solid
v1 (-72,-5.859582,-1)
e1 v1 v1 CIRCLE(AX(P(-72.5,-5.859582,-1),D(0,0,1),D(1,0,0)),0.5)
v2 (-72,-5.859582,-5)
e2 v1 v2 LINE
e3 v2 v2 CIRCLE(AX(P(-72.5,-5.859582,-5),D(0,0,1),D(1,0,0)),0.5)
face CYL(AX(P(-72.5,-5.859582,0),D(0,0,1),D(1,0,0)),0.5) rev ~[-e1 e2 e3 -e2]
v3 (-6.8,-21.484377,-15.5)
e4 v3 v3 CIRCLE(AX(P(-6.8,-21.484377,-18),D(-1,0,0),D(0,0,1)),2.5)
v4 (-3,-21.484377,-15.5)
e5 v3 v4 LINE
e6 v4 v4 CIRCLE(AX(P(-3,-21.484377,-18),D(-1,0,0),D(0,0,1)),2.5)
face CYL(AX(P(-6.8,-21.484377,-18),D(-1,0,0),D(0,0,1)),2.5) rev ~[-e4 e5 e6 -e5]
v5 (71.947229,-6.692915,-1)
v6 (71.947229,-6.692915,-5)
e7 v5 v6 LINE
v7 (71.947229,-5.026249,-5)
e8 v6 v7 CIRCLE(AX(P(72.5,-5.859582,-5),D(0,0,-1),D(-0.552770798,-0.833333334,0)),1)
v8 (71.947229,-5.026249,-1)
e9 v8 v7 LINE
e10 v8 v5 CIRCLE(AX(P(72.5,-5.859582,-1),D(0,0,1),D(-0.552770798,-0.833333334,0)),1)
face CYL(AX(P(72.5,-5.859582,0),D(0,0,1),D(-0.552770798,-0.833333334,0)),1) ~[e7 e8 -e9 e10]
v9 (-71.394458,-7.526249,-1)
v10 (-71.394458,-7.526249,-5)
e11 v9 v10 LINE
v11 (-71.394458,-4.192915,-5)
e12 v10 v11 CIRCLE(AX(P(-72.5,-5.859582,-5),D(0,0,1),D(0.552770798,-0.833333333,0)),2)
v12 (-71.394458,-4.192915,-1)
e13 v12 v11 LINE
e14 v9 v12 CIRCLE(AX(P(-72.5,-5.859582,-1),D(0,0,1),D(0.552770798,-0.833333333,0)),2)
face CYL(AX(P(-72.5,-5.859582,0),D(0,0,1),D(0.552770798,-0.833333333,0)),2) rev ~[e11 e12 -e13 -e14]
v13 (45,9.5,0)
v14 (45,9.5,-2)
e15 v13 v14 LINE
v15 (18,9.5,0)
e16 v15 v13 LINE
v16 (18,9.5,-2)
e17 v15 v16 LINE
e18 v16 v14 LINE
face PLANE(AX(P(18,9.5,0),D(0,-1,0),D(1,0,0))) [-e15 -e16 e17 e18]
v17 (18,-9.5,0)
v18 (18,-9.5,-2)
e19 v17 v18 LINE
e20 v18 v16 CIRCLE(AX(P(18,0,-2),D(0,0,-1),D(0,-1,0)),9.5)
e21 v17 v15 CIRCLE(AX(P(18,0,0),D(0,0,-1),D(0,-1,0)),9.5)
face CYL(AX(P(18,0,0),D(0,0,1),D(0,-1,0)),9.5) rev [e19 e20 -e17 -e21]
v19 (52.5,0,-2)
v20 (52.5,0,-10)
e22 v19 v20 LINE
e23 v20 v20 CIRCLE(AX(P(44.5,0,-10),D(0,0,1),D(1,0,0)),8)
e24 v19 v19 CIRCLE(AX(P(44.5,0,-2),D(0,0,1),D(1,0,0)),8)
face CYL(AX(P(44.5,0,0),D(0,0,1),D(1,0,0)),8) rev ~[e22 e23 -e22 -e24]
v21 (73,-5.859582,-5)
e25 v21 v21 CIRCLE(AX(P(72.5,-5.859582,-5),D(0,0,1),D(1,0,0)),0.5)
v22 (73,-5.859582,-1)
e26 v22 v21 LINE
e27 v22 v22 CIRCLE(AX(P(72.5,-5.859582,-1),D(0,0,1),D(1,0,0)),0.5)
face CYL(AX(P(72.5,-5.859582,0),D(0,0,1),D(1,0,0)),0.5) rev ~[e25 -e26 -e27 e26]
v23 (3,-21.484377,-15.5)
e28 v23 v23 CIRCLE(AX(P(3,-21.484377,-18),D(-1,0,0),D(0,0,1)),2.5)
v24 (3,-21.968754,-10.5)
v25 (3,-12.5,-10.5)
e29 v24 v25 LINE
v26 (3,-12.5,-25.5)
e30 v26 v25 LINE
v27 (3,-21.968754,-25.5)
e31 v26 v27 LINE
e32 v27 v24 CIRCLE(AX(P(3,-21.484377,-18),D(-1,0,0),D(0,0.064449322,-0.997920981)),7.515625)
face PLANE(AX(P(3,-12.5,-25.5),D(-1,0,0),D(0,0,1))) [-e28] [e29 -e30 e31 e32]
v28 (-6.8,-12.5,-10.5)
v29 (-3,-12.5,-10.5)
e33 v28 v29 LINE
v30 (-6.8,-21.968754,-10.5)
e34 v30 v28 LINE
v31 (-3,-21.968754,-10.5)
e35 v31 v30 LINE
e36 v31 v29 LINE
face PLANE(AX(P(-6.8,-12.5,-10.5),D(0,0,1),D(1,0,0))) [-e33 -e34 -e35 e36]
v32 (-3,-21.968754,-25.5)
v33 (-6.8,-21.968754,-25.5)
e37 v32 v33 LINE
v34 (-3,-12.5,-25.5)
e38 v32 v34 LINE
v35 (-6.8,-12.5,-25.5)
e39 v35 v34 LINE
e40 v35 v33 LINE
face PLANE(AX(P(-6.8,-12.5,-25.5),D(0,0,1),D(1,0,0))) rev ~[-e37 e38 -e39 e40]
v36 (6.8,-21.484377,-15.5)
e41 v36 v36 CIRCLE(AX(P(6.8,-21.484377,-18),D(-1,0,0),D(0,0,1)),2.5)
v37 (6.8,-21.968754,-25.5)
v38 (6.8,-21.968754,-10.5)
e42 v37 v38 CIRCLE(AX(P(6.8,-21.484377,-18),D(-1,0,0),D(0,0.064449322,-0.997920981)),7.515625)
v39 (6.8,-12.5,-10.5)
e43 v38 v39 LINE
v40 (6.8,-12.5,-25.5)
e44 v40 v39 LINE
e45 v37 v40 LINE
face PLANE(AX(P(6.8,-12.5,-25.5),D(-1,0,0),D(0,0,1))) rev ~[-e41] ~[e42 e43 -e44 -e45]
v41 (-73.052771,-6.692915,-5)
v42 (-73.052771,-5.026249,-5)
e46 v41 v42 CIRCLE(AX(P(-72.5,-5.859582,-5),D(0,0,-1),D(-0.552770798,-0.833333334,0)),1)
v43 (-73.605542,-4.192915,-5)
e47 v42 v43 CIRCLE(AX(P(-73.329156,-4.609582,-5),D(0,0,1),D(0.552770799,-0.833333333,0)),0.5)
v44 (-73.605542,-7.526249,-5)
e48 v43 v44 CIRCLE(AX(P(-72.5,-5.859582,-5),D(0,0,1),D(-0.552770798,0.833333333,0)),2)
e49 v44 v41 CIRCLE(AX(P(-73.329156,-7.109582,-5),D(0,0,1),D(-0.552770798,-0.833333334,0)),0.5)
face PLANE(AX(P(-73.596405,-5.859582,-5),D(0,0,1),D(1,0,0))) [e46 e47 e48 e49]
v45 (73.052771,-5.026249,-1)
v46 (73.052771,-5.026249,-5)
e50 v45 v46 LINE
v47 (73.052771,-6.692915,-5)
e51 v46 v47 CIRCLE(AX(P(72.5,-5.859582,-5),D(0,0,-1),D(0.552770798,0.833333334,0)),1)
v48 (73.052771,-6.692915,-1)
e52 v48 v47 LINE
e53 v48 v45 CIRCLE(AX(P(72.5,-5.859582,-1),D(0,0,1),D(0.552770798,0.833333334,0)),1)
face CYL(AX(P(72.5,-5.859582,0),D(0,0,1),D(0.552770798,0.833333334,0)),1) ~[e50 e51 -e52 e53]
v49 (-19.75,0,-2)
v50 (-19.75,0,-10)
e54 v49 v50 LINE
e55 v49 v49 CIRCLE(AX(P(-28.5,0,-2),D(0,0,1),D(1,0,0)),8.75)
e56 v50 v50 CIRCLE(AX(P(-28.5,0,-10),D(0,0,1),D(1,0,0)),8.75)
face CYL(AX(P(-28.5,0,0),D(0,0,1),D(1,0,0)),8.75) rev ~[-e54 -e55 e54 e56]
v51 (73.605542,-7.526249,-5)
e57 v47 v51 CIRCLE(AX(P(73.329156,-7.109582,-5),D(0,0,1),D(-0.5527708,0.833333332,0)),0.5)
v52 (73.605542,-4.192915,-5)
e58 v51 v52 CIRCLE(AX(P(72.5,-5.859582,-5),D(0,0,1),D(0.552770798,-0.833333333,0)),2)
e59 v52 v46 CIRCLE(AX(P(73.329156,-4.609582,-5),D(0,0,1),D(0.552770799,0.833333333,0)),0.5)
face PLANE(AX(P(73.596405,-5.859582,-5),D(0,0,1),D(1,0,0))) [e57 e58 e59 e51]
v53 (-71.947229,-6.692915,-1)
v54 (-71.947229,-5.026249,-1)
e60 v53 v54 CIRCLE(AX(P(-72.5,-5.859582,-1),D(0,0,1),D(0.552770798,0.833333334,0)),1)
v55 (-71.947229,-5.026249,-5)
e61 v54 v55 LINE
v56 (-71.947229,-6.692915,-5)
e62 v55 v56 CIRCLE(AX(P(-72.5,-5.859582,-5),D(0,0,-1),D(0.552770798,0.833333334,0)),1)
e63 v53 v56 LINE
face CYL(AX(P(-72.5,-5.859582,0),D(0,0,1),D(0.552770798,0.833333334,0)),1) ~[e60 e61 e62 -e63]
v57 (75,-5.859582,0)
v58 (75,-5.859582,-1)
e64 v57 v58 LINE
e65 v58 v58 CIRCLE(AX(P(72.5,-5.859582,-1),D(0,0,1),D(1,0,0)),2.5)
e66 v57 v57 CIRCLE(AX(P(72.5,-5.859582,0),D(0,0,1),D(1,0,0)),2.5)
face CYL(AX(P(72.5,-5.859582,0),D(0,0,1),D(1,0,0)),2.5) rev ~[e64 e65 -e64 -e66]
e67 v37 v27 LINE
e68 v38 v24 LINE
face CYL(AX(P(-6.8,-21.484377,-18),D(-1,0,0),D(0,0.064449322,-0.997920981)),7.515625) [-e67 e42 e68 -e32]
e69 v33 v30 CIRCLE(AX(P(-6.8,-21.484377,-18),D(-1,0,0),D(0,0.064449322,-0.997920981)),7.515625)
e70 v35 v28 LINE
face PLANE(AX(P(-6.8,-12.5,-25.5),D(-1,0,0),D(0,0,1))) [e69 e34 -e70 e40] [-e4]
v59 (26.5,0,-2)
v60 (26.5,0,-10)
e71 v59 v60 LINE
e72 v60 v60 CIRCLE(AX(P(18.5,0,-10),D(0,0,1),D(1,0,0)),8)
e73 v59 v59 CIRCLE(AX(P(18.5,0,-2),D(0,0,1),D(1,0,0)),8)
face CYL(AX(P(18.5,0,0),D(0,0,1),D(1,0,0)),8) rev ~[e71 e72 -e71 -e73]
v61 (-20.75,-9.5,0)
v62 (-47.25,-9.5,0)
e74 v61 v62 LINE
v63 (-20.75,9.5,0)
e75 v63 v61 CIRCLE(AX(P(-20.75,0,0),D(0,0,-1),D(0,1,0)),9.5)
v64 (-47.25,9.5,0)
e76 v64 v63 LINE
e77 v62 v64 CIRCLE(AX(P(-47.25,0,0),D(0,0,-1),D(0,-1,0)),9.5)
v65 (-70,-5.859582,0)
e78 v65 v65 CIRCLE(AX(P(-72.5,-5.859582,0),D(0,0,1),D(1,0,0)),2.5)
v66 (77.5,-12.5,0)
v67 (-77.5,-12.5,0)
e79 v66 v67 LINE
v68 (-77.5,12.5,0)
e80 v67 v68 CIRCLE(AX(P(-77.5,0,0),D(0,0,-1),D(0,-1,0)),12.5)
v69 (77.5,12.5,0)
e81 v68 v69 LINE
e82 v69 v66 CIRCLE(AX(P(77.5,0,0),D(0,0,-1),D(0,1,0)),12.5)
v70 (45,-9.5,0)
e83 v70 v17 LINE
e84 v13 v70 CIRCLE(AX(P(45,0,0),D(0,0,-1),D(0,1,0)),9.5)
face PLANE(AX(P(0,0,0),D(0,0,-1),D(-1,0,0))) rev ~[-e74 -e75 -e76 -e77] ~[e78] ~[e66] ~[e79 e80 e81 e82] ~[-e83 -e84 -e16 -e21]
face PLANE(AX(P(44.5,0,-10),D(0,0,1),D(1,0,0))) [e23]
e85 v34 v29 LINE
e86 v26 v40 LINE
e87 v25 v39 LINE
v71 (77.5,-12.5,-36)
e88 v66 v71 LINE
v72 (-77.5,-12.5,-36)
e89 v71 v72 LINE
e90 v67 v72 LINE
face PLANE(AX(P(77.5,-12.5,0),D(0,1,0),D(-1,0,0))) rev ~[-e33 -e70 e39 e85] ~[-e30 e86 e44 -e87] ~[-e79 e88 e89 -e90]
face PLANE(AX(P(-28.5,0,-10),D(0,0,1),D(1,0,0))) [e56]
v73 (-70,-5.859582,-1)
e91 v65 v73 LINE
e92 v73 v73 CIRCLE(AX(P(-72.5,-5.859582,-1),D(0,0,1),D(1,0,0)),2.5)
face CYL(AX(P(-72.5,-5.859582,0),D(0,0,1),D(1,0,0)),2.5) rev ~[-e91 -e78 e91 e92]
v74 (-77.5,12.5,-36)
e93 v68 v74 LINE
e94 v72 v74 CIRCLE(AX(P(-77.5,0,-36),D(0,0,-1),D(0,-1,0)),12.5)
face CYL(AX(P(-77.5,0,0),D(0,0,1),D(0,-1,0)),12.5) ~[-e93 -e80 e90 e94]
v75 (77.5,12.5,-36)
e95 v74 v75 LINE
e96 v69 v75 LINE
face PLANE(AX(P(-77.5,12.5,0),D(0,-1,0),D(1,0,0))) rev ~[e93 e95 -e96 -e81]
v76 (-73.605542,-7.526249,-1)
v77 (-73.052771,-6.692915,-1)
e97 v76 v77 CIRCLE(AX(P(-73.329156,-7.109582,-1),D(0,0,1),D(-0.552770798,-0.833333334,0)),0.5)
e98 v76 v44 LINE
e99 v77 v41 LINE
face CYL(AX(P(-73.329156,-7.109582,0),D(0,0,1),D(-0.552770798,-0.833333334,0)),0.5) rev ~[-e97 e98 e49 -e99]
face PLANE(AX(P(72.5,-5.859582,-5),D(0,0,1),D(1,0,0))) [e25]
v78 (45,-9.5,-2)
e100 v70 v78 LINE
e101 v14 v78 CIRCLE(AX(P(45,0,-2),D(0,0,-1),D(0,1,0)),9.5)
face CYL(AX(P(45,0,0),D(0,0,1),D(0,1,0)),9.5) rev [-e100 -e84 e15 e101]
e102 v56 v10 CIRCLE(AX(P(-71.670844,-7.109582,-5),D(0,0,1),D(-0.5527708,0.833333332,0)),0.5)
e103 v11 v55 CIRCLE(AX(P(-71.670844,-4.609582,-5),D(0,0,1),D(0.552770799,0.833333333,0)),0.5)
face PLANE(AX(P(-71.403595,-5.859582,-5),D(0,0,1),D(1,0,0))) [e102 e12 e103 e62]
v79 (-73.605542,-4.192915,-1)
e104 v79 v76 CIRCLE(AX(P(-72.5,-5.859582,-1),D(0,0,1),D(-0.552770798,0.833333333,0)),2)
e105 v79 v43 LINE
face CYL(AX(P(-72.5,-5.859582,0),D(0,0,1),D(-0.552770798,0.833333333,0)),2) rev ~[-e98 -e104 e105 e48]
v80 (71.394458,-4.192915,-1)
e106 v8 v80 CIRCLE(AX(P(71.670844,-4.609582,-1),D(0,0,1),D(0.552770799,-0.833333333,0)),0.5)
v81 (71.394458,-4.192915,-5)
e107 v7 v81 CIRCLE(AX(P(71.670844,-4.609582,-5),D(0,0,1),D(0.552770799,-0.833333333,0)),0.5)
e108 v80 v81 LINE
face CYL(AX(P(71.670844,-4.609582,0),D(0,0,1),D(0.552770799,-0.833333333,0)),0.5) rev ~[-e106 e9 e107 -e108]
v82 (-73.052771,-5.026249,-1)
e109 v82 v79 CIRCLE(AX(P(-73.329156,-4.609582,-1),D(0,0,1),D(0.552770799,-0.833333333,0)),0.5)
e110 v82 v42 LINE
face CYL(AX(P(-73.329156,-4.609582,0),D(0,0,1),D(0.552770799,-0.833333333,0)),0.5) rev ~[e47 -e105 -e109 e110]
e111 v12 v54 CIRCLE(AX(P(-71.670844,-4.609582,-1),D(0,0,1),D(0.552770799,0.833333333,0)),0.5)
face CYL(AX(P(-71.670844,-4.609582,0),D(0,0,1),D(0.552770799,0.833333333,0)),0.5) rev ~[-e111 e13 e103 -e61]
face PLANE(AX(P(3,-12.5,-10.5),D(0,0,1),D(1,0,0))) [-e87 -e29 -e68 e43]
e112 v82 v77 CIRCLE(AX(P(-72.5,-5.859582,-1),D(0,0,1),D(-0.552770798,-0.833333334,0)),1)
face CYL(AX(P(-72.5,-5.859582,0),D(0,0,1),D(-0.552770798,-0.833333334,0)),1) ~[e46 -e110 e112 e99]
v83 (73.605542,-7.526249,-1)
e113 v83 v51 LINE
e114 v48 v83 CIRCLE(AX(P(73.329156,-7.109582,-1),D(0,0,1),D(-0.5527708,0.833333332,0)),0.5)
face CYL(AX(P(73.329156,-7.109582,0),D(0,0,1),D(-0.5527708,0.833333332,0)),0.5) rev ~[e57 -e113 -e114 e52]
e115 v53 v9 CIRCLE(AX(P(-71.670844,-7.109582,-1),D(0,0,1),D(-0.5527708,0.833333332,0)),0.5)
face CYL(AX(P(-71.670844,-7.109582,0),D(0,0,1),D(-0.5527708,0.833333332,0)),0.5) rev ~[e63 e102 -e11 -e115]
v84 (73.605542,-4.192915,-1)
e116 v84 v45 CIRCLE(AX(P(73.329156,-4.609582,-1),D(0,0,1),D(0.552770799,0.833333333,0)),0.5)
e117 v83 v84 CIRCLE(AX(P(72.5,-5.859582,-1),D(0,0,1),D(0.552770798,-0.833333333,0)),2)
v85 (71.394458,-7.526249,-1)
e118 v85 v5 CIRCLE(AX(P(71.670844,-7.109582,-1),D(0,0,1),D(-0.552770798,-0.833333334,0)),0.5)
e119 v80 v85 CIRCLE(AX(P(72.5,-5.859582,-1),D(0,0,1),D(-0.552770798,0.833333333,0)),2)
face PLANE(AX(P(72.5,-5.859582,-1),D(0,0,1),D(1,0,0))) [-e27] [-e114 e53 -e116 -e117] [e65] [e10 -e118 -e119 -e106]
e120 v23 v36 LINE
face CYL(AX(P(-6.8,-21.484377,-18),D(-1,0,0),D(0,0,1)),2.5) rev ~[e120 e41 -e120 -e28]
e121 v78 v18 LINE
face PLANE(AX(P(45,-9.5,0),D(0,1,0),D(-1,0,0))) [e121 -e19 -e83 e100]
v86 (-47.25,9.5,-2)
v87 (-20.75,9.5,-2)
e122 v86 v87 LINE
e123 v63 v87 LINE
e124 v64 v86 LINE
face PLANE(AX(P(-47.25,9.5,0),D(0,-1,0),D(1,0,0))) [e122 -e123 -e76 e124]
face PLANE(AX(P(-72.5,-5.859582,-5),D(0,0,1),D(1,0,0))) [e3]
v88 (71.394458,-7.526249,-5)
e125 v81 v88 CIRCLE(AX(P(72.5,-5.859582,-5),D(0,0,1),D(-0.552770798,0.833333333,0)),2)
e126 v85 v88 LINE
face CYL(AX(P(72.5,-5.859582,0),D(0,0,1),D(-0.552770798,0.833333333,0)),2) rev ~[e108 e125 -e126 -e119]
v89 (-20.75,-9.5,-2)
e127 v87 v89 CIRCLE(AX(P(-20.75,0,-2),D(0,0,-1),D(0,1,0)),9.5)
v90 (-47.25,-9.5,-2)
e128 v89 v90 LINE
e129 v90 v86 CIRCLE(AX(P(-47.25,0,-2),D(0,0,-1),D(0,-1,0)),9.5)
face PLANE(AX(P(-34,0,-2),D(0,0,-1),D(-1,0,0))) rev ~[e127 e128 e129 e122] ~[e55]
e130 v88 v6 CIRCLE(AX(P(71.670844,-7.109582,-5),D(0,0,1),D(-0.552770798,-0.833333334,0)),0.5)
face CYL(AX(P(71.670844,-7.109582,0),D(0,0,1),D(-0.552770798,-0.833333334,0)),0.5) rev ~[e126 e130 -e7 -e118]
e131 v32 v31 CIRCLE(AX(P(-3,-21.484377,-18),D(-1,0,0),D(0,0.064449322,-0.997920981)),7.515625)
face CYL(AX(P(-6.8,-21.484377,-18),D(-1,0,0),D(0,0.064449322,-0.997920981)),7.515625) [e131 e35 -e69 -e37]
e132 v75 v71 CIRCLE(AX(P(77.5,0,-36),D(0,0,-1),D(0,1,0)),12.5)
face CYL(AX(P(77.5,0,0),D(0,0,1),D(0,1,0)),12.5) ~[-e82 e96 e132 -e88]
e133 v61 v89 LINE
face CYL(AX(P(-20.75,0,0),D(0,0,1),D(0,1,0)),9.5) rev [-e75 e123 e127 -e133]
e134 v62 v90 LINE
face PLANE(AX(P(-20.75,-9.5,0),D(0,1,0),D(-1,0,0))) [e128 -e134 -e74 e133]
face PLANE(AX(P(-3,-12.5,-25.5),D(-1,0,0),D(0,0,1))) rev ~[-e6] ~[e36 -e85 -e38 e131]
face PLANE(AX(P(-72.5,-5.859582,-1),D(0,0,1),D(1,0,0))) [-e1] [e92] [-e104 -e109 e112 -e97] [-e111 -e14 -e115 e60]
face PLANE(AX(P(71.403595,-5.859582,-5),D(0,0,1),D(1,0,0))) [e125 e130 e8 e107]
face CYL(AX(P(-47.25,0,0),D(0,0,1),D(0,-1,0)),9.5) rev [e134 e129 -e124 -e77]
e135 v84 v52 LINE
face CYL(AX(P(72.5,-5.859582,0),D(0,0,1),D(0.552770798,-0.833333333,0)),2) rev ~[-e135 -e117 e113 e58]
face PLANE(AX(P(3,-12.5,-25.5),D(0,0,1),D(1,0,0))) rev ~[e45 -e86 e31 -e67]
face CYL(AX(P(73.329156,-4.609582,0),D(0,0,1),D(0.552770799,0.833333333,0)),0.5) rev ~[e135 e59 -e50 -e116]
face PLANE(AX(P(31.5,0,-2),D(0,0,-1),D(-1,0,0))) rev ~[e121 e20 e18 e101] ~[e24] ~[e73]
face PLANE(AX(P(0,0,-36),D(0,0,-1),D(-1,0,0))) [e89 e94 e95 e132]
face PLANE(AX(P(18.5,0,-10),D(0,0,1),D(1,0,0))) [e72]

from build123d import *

# Parameters (mm, degrees)
BOSS_EXTRUDE1_DEPTH     = 36
SKETCH3_R               = 8.75
SKETCH3_R_2             = 8
CUT_EXTRUDE1_DEPTH      = 10
CUT_EXTRUDE2_DEPTH      = 2
SKETCH5_R               = 2.5
CUT_EXTRUDE3_DEPTH      = 1
SKETCH6_R               = 0.5
CUT_EXTRUDE4_DEPTH      = 5
SKETCH7_W               = 3.8
SKETCH7_H               = 15
BOSS_EXTRUDE2_DEPTH     = 17
SKETCH8_R               = 2.5
CUT_EXTRUDE5_DEPTH      = 84.2
CUT_EXTRUDE5_DEPTH_BACK = 97.8


with BuildPart() as part:
    # Sketch1 → Boss-Extrude1 (new body)
    with BuildSketch(Plane.XY):
        with BuildLine():
            Line((-77.5, 12.5), (77.5, 12.5))
            ThreePointArc((77.5, 12.5), (90, 0), (77.5, -12.5))
            Line((77.5, -12.5), (-77.5, -12.5))
            ThreePointArc((-77.5, -12.5), (-90, 0), (-77.5, 12.5))
        make_face()
    extrude(amount=-BOSS_EXTRUDE1_DEPTH)

    # Sketch3 → Cut-Extrude1 (cut)
    with BuildSketch(Plane.XY):
        with Locations((-28.5, 0)):
            Circle(SKETCH3_R)
        with Locations((18.5, 0)):
            Circle(SKETCH3_R_2)
        with Locations((44.5, 0)):
            Circle(SKETCH3_R_2)
    extrude(amount=-CUT_EXTRUDE1_DEPTH, mode=Mode.SUBTRACT)

    # Sketch4 → Cut-Extrude2 (cut)
    with BuildSketch(Plane.XY):
        with BuildLine():
            Line((-47.25, 9.5), (-20.75, 9.5))
            ThreePointArc((-20.75, 9.5), (-11.25, 0), (-20.75, -9.5))
            Line((-20.75, -9.5), (-47.25, -9.5))
            ThreePointArc((-47.25, -9.5), (-56.75, 0), (-47.25, 9.5))
        make_face()
        with BuildLine():
            Line((18, 9.5), (45, 9.5))
            ThreePointArc((45, 9.5), (54.5, 0), (45, -9.5))
            Line((45, -9.5), (18, -9.5))
            ThreePointArc((18, -9.5), (8.5, 0), (18, 9.5))
        make_face()
    extrude(amount=-CUT_EXTRUDE2_DEPTH, mode=Mode.SUBTRACT)

    # Sketch5 → Cut-Extrude3 (cut)
    with BuildSketch(Plane.XY):
        with Locations((72.5, -5.85958214)):
            Circle(SKETCH5_R)
        with Locations((-72.5, -5.85958214)):
            Circle(SKETCH5_R)
    extrude(amount=-CUT_EXTRUDE3_DEPTH, mode=Mode.SUBTRACT)

    # Sketch6 → Cut-Extrude4 (cut)
    with BuildSketch(Plane.XY):
        with Locations((-72.5, -5.85958214)):
            Circle(SKETCH6_R)
        with Locations((72.5, -5.85958214)):
            Circle(SKETCH6_R)
        with BuildLine():
            ThreePointArc((-71.394458403, -7.526248807), (-70.5, -5.85958214), (-71.394458403, -4.192915474))
            ThreePointArc((-71.394458403, -4.192915474), (-72.087510469, -4.333196741), (-71.947229202, -5.026248807))
            ThreePointArc((-71.947229202, -5.026248807), (-71.5, -5.85958214), (-71.947229202, -6.692915474))
            ThreePointArc((-71.947229202, -6.692915474), (-72.087510469, -7.385967539), (-71.394458403, -7.526248807))
        make_face()
        with BuildLine():
            ThreePointArc((-73.605541597, -4.192915474), (-74.5, -5.85958214), (-73.605541597, -7.526248807))
            ThreePointArc((-73.605541597, -7.526248807), (-72.912489531, -7.385967539), (-73.052770798, -6.692915474))
            ThreePointArc((-73.052770798, -6.692915474), (-73.5, -5.85958214), (-73.052770798, -5.026248807))
            ThreePointArc((-73.052770798, -5.026248807), (-72.912489531, -4.333196741), (-73.605541597, -4.192915474))
        make_face()
        with BuildLine():
            ThreePointArc((73.605541597, -7.526248807), (74.5, -5.85958214), (73.605541597, -4.192915474))
            ThreePointArc((73.605541597, -4.192915474), (72.912489531, -4.333196741), (73.052770798, -5.026248807))
            ThreePointArc((73.052770798, -5.026248807), (73.5, -5.85958214), (73.052770798, -6.692915474))
            ThreePointArc((73.052770798, -6.692915474), (72.912489531, -7.385967539), (73.605541597, -7.526248807))
        make_face()
        with BuildLine():
            ThreePointArc((71.394458403, -4.192915474), (70.5, -5.85958214), (71.394458403, -7.526248807))
            ThreePointArc((71.394458403, -7.526248807), (72.087510469, -7.385967539), (71.947229202, -6.692915474))
            ThreePointArc((71.947229202, -6.692915474), (71.5, -5.85958214), (71.947229202, -5.026248807))
            ThreePointArc((71.947229202, -5.026248807), (72.087510469, -4.333196741), (71.394458403, -4.192915474))
        make_face()
    extrude(amount=-CUT_EXTRUDE4_DEPTH, mode=Mode.SUBTRACT)

    # Sketch7 → Boss-Extrude2 (add)
    with BuildSketch(Plane.XZ.offset(12.5)):
        with Locations((4.9, -18)):
            Rectangle(SKETCH7_W, SKETCH7_H)
        with Locations((-4.9, -18)):
            Rectangle(SKETCH7_W, SKETCH7_H)
    extrude(amount=BOSS_EXTRUDE2_DEPTH)

    # Sketch8 → Cut-Extrude5 (cut, two sides)
    with BuildSketch(Plane.ZY.offset(6.8)) as cut_extrude5_sk:
        with Locations((-18, -21.484376944)):
            Circle(SKETCH8_R)
        with BuildLine():
            Line((-10.5, -21), (-7.903352706, -21))
            Line((-7.903352706, -21), (-7.606016941, -33.928608258))
            Line((-7.606016941, -33.928608258), (-27.603723976, -34.388521143))
            Line((-27.603723976, -34.388521143), (-27.603723976, -21))
            Line((-27.603723976, -21), (-25.5, -21))
            ThreePointArc((-25.5, -21), (-18, -29.00000207), (-10.5, -21))
        make_face()
    extrude(amount=CUT_EXTRUDE5_DEPTH, mode=Mode.SUBTRACT)
    extrude(cut_extrude5_sk.sketch, amount=-CUT_EXTRUDE5_DEPTH_BACK, mode=Mode.SUBTRACT)


solid = part.part
